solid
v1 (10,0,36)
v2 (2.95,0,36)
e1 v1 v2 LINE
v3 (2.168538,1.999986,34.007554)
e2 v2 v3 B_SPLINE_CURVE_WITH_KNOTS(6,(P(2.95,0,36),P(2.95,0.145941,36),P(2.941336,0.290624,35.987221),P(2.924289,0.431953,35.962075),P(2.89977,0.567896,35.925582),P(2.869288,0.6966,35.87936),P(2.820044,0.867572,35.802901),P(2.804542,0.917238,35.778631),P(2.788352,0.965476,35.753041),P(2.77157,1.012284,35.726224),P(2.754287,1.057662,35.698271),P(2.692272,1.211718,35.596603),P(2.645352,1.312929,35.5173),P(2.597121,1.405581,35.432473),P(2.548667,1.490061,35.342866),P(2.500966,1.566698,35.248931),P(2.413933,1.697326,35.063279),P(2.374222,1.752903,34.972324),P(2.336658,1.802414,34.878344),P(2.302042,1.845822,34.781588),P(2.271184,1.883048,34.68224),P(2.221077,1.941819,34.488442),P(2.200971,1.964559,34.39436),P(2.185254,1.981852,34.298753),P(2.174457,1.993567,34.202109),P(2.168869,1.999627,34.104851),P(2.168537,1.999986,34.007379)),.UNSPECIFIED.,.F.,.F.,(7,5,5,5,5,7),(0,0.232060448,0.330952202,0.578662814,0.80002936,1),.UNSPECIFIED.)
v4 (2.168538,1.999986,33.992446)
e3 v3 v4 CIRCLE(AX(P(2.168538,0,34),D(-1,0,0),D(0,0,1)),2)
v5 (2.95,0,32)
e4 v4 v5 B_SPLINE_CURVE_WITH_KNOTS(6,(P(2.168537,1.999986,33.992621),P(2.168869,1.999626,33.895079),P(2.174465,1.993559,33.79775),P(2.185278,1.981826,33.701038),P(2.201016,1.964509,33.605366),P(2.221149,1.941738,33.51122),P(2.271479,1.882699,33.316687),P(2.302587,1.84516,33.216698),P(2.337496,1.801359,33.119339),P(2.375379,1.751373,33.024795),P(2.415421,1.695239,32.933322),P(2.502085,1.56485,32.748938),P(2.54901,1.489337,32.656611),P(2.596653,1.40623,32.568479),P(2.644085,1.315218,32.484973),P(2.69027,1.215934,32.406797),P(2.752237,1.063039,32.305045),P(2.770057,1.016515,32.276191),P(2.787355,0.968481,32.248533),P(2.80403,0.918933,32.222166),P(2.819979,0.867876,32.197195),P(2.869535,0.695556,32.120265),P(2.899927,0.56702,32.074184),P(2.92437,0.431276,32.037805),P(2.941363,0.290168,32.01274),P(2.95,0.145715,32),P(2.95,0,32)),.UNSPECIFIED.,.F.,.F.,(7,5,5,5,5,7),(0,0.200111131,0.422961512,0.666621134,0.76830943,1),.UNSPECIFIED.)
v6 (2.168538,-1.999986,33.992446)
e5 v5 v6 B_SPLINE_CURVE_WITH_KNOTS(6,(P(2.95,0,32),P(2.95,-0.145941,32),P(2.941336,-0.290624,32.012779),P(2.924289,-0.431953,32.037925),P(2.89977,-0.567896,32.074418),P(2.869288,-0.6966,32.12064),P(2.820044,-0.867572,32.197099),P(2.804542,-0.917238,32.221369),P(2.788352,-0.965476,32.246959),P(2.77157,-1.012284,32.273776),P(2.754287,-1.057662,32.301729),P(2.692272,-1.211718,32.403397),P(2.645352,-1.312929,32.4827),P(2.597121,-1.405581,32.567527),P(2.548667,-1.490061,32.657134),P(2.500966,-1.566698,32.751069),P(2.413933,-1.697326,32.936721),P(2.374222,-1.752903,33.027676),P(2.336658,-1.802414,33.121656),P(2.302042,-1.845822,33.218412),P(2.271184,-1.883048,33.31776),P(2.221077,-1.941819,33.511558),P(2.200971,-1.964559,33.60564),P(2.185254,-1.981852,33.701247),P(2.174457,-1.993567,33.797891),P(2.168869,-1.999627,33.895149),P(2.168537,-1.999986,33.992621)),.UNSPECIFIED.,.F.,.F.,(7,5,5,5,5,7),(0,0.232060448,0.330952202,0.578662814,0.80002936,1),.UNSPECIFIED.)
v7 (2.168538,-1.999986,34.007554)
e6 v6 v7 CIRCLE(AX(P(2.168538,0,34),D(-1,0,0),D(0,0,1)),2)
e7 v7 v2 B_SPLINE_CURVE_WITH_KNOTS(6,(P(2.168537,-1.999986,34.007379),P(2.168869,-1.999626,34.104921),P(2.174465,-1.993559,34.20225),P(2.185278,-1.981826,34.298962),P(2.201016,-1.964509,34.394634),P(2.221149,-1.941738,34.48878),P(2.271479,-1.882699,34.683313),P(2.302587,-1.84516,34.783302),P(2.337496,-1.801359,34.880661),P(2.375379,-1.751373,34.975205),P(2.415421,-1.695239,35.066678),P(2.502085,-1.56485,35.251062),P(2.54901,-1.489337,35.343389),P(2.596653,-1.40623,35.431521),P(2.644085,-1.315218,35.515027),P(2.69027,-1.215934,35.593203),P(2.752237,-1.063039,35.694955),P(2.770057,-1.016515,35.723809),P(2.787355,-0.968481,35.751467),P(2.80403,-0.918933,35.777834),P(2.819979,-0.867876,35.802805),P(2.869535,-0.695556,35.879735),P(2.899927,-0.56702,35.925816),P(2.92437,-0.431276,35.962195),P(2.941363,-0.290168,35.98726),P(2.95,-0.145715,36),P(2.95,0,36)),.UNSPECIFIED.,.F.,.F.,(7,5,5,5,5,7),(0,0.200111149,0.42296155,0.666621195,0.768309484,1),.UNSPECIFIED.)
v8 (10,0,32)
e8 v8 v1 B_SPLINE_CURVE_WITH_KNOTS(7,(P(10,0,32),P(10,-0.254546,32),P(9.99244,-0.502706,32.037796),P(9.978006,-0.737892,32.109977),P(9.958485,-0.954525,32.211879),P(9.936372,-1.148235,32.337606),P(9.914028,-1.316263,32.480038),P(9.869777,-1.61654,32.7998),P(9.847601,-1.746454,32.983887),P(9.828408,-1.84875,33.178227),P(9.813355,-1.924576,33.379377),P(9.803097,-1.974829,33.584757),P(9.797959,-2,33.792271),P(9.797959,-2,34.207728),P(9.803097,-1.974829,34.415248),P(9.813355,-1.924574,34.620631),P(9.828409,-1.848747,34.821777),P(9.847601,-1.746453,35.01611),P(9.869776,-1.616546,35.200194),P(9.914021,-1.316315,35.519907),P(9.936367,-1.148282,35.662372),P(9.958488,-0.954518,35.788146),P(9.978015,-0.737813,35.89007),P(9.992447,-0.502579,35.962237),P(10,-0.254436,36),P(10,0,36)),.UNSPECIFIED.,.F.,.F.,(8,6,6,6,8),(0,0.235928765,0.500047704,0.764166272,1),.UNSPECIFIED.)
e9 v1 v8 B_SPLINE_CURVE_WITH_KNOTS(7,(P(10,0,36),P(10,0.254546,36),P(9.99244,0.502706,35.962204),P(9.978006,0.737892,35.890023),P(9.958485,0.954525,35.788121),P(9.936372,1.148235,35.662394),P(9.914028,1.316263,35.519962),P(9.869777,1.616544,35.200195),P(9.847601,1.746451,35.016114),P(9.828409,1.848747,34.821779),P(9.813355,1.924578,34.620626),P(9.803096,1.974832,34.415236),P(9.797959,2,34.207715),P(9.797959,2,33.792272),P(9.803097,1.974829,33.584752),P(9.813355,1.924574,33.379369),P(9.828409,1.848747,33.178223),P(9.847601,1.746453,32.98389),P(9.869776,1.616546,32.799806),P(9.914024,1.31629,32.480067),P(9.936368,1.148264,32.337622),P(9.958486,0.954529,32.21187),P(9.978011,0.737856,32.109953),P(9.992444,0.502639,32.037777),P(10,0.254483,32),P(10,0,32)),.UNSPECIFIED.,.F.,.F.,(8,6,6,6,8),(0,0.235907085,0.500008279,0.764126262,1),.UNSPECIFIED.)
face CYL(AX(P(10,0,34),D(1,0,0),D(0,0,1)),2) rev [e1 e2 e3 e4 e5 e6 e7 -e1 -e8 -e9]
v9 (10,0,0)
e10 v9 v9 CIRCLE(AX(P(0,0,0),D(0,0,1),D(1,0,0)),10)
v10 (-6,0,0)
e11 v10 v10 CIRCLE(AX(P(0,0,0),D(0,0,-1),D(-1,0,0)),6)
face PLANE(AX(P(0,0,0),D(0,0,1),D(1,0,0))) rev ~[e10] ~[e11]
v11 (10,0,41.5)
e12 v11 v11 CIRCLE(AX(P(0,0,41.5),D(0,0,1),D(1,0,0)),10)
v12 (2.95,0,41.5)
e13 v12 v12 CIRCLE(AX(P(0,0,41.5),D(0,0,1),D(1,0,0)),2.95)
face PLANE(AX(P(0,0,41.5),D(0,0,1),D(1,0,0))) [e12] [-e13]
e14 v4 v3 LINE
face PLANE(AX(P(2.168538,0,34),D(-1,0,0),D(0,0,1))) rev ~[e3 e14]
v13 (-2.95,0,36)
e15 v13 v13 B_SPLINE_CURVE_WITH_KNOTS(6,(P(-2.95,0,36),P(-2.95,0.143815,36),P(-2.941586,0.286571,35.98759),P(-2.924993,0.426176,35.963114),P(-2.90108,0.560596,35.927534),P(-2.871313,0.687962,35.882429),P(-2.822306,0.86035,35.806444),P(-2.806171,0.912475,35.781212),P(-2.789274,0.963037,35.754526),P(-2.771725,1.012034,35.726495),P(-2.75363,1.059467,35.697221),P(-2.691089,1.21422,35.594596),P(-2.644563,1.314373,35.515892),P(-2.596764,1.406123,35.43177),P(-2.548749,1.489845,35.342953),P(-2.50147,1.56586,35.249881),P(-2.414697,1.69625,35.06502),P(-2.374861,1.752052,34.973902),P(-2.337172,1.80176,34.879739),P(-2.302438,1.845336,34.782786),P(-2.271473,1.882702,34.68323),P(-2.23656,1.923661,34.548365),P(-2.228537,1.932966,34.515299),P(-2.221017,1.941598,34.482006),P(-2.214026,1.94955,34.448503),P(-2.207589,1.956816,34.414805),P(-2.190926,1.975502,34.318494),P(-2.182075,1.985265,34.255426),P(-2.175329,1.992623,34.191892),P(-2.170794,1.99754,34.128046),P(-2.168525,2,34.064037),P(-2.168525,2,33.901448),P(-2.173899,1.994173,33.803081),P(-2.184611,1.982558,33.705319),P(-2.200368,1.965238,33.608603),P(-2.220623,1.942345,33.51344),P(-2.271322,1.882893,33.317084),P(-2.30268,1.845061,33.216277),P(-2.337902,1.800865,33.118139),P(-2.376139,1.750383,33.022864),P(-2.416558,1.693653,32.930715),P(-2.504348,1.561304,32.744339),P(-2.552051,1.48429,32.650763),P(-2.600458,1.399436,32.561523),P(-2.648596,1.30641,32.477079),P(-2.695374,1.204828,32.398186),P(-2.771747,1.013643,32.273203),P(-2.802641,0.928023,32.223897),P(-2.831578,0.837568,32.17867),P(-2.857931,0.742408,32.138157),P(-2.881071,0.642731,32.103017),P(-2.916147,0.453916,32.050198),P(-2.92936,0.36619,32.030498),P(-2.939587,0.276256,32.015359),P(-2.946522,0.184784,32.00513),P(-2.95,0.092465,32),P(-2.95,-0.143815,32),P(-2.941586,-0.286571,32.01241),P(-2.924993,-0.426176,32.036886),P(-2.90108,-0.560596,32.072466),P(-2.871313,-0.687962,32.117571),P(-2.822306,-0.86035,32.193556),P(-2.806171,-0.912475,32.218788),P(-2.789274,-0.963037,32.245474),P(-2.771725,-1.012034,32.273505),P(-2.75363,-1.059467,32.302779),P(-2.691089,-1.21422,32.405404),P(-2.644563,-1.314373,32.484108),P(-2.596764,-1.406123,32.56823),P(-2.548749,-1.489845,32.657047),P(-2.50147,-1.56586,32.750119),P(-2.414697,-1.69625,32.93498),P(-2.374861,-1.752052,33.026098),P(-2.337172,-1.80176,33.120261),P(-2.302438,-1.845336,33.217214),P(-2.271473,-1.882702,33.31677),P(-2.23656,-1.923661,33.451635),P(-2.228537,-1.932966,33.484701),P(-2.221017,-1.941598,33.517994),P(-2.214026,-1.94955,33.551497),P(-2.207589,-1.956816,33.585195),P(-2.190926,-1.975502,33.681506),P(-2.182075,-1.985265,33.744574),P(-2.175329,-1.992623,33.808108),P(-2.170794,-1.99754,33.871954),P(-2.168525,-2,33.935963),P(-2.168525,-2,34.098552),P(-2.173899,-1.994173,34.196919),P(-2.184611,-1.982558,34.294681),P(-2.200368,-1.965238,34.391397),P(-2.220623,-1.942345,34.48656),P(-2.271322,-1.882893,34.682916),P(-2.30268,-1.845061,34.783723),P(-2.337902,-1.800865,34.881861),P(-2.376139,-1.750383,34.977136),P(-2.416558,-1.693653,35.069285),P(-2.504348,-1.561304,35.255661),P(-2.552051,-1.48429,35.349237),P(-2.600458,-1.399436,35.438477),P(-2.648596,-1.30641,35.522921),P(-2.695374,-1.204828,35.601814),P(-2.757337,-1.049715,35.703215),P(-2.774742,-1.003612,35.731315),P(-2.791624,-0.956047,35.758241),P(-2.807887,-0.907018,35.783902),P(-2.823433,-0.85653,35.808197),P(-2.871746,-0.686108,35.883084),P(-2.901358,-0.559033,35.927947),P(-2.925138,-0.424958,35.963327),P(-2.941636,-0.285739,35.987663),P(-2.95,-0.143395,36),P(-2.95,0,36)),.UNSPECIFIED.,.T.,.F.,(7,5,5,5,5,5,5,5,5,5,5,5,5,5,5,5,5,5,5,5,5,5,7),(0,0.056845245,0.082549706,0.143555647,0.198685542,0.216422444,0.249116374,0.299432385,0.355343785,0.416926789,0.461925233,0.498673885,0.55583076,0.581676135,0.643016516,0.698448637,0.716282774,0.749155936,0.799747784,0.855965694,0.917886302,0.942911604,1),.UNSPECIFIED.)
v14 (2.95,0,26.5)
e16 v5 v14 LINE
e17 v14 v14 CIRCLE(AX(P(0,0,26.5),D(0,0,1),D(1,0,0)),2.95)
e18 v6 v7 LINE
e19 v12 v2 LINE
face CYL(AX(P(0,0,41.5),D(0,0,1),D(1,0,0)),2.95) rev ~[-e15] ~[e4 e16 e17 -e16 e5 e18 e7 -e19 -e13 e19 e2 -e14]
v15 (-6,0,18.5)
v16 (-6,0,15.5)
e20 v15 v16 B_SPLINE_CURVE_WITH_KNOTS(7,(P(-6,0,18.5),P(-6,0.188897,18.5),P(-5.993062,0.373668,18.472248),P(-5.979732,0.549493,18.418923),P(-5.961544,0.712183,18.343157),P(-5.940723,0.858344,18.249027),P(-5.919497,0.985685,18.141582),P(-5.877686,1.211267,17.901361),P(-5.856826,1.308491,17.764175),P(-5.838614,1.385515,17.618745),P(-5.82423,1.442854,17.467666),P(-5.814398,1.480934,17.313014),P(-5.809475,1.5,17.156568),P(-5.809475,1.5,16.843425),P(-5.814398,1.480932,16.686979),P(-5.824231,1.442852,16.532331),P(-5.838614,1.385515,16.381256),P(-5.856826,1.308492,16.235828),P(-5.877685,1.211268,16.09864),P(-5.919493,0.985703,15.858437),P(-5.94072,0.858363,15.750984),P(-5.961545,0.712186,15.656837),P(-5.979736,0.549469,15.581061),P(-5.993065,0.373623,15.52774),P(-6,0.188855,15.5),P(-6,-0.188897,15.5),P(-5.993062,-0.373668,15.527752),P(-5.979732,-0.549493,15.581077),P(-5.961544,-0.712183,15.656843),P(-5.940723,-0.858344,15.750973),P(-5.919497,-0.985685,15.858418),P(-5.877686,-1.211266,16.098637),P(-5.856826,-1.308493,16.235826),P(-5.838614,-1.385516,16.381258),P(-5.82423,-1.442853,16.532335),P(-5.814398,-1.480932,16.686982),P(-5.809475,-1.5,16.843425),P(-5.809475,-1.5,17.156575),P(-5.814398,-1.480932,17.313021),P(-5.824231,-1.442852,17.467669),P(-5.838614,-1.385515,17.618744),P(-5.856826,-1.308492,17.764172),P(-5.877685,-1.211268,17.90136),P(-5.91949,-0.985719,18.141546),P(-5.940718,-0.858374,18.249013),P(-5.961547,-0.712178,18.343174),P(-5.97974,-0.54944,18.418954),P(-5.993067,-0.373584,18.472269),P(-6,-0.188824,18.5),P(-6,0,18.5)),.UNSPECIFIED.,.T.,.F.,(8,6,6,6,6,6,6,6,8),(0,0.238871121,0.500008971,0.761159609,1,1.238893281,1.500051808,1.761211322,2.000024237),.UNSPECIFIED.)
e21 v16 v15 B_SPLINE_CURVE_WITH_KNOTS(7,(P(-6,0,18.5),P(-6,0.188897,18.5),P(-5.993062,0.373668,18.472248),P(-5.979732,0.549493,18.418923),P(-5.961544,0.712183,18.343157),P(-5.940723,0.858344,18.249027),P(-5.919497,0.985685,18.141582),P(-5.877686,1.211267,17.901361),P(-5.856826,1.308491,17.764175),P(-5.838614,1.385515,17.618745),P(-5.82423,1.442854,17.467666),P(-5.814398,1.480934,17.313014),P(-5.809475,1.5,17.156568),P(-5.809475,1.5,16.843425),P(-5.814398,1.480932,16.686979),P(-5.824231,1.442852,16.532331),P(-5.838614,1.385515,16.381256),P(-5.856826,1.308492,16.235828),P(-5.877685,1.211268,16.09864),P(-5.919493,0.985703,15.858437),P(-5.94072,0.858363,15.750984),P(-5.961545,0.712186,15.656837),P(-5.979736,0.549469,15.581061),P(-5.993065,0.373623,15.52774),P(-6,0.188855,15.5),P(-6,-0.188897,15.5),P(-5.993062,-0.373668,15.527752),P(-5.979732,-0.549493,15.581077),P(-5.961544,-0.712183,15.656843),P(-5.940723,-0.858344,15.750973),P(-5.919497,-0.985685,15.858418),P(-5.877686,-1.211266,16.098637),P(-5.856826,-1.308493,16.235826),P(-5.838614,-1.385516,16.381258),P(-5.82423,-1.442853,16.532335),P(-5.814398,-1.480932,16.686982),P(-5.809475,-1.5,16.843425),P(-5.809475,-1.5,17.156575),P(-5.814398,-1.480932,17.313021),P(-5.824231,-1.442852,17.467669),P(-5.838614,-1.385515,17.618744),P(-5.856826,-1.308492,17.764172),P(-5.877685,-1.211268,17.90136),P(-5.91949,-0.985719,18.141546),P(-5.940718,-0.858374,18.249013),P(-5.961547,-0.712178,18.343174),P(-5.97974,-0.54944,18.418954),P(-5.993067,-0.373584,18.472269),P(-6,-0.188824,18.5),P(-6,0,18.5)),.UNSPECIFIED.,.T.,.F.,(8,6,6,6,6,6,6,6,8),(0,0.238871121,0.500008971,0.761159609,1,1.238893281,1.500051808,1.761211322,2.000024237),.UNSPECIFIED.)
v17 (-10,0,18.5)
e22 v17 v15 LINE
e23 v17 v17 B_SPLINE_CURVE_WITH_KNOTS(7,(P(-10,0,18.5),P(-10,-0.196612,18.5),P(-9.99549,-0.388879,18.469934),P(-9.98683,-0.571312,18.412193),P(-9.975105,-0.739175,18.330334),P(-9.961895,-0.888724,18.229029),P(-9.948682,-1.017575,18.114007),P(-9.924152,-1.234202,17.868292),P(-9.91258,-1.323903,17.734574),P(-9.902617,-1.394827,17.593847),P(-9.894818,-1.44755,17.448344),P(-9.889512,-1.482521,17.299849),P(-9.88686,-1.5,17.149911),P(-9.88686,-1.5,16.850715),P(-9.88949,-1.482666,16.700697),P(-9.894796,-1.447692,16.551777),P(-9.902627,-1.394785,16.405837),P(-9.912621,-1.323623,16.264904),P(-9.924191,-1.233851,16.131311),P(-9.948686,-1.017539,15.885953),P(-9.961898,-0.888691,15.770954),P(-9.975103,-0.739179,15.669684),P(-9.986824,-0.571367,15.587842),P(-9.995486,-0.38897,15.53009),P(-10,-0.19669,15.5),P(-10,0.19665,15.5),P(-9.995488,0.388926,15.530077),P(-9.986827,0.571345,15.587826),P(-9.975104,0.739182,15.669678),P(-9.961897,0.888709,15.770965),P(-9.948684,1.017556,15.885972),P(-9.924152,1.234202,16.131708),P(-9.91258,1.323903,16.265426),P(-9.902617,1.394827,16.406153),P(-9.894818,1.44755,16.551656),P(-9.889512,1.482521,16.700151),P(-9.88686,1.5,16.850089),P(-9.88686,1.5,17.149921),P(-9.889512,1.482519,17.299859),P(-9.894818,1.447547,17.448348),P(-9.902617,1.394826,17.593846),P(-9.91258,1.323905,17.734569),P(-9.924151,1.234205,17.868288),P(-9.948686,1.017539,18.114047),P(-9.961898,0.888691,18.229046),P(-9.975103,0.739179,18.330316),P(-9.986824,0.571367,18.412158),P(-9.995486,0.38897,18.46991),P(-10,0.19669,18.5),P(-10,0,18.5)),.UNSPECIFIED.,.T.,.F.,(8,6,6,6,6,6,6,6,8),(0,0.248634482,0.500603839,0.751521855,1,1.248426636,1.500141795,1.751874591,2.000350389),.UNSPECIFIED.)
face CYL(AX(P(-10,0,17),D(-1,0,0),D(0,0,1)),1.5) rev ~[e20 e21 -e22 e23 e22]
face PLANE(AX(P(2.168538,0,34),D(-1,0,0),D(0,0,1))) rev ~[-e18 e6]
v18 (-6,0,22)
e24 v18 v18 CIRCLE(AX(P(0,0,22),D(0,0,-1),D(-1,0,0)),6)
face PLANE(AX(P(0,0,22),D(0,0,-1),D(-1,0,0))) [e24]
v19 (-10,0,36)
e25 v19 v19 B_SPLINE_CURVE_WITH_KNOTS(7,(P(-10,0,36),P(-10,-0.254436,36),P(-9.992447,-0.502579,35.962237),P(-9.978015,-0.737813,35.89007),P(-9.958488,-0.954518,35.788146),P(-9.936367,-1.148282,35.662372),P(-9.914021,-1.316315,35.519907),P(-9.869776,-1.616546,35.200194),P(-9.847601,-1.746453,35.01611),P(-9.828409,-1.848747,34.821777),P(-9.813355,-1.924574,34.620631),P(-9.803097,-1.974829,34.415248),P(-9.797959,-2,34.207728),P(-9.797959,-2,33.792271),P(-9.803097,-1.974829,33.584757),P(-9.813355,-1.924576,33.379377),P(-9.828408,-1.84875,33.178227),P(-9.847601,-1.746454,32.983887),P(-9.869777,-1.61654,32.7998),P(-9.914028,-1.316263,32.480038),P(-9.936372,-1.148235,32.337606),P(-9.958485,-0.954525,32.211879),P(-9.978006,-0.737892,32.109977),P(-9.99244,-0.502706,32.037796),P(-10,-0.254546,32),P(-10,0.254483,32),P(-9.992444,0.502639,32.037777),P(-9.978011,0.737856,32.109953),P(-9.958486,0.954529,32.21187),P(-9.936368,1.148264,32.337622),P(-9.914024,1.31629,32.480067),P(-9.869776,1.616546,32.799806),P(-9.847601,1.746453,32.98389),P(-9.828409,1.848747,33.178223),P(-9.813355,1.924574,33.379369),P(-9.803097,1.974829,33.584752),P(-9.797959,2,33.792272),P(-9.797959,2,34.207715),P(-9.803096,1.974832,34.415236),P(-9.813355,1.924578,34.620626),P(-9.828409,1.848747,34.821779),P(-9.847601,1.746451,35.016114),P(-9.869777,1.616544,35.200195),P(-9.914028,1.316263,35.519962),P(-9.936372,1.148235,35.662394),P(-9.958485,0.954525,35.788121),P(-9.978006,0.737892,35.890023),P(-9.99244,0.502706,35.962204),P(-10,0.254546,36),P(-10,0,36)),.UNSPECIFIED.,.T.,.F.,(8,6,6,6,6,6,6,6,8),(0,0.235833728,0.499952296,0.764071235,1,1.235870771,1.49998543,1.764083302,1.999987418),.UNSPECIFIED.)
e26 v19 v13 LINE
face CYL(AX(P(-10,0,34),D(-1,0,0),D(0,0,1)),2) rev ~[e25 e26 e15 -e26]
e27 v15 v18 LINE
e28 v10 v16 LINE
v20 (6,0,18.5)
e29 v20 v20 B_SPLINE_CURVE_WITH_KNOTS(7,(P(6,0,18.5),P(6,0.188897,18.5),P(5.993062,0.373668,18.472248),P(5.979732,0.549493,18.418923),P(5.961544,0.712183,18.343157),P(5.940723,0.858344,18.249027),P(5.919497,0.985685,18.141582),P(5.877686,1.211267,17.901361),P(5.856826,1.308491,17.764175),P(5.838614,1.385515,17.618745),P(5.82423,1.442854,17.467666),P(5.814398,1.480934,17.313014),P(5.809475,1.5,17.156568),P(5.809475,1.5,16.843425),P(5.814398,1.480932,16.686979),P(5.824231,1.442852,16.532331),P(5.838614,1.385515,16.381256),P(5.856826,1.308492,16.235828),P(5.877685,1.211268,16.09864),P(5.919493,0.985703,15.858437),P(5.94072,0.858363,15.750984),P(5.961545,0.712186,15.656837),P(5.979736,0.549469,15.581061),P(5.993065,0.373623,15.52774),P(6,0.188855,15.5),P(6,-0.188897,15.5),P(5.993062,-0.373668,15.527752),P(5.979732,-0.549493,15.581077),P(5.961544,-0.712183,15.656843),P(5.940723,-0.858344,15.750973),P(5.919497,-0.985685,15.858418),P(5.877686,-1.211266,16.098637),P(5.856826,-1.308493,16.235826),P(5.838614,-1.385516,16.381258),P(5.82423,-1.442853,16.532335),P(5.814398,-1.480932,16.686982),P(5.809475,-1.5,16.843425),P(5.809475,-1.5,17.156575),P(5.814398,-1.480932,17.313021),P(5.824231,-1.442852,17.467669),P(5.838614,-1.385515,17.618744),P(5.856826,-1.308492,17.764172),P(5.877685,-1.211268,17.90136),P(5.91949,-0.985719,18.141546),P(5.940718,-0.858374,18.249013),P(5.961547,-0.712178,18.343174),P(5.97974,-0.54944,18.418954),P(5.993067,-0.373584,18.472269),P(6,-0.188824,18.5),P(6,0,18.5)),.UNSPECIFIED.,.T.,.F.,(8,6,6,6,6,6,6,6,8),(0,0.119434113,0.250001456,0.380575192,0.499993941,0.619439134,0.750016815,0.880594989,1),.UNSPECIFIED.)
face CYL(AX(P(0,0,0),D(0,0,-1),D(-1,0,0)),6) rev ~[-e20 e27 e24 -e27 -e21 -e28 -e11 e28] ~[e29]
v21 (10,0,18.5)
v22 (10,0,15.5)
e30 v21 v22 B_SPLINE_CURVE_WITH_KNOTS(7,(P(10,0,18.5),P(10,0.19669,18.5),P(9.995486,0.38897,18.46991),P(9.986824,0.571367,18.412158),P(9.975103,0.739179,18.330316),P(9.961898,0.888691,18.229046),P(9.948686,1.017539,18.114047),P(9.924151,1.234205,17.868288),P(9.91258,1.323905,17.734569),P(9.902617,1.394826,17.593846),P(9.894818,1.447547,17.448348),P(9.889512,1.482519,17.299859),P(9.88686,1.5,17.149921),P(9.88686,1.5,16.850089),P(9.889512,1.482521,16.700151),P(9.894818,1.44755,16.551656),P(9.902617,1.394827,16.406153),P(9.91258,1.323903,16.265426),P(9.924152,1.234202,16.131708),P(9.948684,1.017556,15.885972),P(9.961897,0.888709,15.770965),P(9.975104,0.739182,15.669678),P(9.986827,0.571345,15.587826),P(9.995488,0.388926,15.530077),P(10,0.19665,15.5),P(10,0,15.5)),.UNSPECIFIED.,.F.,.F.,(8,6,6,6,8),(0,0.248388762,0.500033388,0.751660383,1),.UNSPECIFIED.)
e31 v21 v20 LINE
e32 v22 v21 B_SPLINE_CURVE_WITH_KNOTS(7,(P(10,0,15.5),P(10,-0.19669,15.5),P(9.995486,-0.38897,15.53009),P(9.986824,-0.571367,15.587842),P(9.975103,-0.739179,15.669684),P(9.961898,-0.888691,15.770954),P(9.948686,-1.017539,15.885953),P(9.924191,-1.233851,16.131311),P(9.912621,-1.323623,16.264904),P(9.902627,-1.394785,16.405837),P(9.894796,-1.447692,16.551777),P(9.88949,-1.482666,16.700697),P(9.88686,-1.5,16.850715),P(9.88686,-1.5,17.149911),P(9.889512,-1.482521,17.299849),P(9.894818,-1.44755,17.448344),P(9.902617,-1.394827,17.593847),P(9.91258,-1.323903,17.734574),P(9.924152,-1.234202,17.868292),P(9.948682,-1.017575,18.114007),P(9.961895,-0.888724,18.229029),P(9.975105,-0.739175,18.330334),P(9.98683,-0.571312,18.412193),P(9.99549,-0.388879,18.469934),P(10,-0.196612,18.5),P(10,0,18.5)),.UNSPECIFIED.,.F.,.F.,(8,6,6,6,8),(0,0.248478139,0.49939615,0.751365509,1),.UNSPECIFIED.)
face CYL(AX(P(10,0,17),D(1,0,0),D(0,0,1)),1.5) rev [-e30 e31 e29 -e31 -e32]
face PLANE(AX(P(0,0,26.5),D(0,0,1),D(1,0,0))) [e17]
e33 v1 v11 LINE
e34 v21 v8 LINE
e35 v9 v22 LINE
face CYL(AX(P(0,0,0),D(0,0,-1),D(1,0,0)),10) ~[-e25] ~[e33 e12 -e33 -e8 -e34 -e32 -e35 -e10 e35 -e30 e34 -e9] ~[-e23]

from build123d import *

# Parameters (mm, degrees)
SKETCH1_R           = 10
BOSS_EXTRUDE1_DEPTH = 41.5
SKETCH2_R           = 2.95
CUT_EXTRUDE1_DEPTH  = 15
SKETCH3_R           = 6
CUT_EXTRUDE2_DEPTH  = 22
CUT_EXTRUDE3_REACH  = 22
SKETCH4_R           = 1.5
SKETCH4_R_2         = 2
CUT_EXTRUDE4_START  = -20
SKETCH4_2_R         = 1.5
SKETCH4_2_R_2       = 2
CUT_EXTRUDE4_DEPTH  = 7.831462


with BuildPart() as part:
    # Sketch1 → Boss-Extrude1 (new body)
    with BuildSketch(Plane.XY):
        Circle(SKETCH1_R)
    extrude(amount=BOSS_EXTRUDE1_DEPTH)

    # Sketch2 → Cut-Extrude1 (cut)
    with BuildSketch(Plane.XY.offset(41.5)):
        Circle(SKETCH2_R)
    extrude(amount=-CUT_EXTRUDE1_DEPTH, mode=Mode.SUBTRACT)

    # Sketch3 → Cut-Extrude2 (cut)
    with BuildSketch(Plane(origin=(0, 0, 0), x_dir=(-1, 0, 0), z_dir=(0, 0, -1))):
        Circle(SKETCH3_R)
    extrude(amount=-CUT_EXTRUDE2_DEPTH, mode=Mode.SUBTRACT)

    # Sketch4 → Cut-Extrude3 (cut, up to next)
    with BuildSketch(Plane.ZY.offset(10), mode=Mode.PRIVATE) as cut_extrude3_sk1:
        with Locations((17, 0)):
            Circle(SKETCH4_R)
    cut_extrude3_tool1 = extrude(cut_extrude3_sk1.sketch, amount=-CUT_EXTRUDE3_REACH, mode=Mode.PRIVATE) & part.part
    add(cut_extrude3_tool1.solids().sort_by_distance((-10, 0, 17))[0], mode=Mode.SUBTRACT)
    # Sketch4 → Cut-Extrude3 (cut, up to next)
    with BuildSketch(Plane.ZY.offset(10), mode=Mode.PRIVATE) as cut_extrude3_sk2:
        with Locations((34, 0)):
            Circle(SKETCH4_R_2)
    cut_extrude3_tool2 = extrude(cut_extrude3_sk2.sketch, amount=-CUT_EXTRUDE3_REACH, mode=Mode.PRIVATE) & part.part
    add(cut_extrude3_tool2.solids().sort_by_distance((-10, 0, 34))[0], mode=Mode.SUBTRACT)

    # Sketch4_2 → Cut-Extrude4 (cut)
    with BuildSketch(Plane.ZY.offset(10).offset(CUT_EXTRUDE4_START)):
        with Locations((17, 0)):
            Circle(SKETCH4_2_R)
        with Locations((34, 0)):
            Circle(SKETCH4_2_R_2)
    extrude(amount=CUT_EXTRUDE4_DEPTH, mode=Mode.SUBTRACT)


solid = part.part
